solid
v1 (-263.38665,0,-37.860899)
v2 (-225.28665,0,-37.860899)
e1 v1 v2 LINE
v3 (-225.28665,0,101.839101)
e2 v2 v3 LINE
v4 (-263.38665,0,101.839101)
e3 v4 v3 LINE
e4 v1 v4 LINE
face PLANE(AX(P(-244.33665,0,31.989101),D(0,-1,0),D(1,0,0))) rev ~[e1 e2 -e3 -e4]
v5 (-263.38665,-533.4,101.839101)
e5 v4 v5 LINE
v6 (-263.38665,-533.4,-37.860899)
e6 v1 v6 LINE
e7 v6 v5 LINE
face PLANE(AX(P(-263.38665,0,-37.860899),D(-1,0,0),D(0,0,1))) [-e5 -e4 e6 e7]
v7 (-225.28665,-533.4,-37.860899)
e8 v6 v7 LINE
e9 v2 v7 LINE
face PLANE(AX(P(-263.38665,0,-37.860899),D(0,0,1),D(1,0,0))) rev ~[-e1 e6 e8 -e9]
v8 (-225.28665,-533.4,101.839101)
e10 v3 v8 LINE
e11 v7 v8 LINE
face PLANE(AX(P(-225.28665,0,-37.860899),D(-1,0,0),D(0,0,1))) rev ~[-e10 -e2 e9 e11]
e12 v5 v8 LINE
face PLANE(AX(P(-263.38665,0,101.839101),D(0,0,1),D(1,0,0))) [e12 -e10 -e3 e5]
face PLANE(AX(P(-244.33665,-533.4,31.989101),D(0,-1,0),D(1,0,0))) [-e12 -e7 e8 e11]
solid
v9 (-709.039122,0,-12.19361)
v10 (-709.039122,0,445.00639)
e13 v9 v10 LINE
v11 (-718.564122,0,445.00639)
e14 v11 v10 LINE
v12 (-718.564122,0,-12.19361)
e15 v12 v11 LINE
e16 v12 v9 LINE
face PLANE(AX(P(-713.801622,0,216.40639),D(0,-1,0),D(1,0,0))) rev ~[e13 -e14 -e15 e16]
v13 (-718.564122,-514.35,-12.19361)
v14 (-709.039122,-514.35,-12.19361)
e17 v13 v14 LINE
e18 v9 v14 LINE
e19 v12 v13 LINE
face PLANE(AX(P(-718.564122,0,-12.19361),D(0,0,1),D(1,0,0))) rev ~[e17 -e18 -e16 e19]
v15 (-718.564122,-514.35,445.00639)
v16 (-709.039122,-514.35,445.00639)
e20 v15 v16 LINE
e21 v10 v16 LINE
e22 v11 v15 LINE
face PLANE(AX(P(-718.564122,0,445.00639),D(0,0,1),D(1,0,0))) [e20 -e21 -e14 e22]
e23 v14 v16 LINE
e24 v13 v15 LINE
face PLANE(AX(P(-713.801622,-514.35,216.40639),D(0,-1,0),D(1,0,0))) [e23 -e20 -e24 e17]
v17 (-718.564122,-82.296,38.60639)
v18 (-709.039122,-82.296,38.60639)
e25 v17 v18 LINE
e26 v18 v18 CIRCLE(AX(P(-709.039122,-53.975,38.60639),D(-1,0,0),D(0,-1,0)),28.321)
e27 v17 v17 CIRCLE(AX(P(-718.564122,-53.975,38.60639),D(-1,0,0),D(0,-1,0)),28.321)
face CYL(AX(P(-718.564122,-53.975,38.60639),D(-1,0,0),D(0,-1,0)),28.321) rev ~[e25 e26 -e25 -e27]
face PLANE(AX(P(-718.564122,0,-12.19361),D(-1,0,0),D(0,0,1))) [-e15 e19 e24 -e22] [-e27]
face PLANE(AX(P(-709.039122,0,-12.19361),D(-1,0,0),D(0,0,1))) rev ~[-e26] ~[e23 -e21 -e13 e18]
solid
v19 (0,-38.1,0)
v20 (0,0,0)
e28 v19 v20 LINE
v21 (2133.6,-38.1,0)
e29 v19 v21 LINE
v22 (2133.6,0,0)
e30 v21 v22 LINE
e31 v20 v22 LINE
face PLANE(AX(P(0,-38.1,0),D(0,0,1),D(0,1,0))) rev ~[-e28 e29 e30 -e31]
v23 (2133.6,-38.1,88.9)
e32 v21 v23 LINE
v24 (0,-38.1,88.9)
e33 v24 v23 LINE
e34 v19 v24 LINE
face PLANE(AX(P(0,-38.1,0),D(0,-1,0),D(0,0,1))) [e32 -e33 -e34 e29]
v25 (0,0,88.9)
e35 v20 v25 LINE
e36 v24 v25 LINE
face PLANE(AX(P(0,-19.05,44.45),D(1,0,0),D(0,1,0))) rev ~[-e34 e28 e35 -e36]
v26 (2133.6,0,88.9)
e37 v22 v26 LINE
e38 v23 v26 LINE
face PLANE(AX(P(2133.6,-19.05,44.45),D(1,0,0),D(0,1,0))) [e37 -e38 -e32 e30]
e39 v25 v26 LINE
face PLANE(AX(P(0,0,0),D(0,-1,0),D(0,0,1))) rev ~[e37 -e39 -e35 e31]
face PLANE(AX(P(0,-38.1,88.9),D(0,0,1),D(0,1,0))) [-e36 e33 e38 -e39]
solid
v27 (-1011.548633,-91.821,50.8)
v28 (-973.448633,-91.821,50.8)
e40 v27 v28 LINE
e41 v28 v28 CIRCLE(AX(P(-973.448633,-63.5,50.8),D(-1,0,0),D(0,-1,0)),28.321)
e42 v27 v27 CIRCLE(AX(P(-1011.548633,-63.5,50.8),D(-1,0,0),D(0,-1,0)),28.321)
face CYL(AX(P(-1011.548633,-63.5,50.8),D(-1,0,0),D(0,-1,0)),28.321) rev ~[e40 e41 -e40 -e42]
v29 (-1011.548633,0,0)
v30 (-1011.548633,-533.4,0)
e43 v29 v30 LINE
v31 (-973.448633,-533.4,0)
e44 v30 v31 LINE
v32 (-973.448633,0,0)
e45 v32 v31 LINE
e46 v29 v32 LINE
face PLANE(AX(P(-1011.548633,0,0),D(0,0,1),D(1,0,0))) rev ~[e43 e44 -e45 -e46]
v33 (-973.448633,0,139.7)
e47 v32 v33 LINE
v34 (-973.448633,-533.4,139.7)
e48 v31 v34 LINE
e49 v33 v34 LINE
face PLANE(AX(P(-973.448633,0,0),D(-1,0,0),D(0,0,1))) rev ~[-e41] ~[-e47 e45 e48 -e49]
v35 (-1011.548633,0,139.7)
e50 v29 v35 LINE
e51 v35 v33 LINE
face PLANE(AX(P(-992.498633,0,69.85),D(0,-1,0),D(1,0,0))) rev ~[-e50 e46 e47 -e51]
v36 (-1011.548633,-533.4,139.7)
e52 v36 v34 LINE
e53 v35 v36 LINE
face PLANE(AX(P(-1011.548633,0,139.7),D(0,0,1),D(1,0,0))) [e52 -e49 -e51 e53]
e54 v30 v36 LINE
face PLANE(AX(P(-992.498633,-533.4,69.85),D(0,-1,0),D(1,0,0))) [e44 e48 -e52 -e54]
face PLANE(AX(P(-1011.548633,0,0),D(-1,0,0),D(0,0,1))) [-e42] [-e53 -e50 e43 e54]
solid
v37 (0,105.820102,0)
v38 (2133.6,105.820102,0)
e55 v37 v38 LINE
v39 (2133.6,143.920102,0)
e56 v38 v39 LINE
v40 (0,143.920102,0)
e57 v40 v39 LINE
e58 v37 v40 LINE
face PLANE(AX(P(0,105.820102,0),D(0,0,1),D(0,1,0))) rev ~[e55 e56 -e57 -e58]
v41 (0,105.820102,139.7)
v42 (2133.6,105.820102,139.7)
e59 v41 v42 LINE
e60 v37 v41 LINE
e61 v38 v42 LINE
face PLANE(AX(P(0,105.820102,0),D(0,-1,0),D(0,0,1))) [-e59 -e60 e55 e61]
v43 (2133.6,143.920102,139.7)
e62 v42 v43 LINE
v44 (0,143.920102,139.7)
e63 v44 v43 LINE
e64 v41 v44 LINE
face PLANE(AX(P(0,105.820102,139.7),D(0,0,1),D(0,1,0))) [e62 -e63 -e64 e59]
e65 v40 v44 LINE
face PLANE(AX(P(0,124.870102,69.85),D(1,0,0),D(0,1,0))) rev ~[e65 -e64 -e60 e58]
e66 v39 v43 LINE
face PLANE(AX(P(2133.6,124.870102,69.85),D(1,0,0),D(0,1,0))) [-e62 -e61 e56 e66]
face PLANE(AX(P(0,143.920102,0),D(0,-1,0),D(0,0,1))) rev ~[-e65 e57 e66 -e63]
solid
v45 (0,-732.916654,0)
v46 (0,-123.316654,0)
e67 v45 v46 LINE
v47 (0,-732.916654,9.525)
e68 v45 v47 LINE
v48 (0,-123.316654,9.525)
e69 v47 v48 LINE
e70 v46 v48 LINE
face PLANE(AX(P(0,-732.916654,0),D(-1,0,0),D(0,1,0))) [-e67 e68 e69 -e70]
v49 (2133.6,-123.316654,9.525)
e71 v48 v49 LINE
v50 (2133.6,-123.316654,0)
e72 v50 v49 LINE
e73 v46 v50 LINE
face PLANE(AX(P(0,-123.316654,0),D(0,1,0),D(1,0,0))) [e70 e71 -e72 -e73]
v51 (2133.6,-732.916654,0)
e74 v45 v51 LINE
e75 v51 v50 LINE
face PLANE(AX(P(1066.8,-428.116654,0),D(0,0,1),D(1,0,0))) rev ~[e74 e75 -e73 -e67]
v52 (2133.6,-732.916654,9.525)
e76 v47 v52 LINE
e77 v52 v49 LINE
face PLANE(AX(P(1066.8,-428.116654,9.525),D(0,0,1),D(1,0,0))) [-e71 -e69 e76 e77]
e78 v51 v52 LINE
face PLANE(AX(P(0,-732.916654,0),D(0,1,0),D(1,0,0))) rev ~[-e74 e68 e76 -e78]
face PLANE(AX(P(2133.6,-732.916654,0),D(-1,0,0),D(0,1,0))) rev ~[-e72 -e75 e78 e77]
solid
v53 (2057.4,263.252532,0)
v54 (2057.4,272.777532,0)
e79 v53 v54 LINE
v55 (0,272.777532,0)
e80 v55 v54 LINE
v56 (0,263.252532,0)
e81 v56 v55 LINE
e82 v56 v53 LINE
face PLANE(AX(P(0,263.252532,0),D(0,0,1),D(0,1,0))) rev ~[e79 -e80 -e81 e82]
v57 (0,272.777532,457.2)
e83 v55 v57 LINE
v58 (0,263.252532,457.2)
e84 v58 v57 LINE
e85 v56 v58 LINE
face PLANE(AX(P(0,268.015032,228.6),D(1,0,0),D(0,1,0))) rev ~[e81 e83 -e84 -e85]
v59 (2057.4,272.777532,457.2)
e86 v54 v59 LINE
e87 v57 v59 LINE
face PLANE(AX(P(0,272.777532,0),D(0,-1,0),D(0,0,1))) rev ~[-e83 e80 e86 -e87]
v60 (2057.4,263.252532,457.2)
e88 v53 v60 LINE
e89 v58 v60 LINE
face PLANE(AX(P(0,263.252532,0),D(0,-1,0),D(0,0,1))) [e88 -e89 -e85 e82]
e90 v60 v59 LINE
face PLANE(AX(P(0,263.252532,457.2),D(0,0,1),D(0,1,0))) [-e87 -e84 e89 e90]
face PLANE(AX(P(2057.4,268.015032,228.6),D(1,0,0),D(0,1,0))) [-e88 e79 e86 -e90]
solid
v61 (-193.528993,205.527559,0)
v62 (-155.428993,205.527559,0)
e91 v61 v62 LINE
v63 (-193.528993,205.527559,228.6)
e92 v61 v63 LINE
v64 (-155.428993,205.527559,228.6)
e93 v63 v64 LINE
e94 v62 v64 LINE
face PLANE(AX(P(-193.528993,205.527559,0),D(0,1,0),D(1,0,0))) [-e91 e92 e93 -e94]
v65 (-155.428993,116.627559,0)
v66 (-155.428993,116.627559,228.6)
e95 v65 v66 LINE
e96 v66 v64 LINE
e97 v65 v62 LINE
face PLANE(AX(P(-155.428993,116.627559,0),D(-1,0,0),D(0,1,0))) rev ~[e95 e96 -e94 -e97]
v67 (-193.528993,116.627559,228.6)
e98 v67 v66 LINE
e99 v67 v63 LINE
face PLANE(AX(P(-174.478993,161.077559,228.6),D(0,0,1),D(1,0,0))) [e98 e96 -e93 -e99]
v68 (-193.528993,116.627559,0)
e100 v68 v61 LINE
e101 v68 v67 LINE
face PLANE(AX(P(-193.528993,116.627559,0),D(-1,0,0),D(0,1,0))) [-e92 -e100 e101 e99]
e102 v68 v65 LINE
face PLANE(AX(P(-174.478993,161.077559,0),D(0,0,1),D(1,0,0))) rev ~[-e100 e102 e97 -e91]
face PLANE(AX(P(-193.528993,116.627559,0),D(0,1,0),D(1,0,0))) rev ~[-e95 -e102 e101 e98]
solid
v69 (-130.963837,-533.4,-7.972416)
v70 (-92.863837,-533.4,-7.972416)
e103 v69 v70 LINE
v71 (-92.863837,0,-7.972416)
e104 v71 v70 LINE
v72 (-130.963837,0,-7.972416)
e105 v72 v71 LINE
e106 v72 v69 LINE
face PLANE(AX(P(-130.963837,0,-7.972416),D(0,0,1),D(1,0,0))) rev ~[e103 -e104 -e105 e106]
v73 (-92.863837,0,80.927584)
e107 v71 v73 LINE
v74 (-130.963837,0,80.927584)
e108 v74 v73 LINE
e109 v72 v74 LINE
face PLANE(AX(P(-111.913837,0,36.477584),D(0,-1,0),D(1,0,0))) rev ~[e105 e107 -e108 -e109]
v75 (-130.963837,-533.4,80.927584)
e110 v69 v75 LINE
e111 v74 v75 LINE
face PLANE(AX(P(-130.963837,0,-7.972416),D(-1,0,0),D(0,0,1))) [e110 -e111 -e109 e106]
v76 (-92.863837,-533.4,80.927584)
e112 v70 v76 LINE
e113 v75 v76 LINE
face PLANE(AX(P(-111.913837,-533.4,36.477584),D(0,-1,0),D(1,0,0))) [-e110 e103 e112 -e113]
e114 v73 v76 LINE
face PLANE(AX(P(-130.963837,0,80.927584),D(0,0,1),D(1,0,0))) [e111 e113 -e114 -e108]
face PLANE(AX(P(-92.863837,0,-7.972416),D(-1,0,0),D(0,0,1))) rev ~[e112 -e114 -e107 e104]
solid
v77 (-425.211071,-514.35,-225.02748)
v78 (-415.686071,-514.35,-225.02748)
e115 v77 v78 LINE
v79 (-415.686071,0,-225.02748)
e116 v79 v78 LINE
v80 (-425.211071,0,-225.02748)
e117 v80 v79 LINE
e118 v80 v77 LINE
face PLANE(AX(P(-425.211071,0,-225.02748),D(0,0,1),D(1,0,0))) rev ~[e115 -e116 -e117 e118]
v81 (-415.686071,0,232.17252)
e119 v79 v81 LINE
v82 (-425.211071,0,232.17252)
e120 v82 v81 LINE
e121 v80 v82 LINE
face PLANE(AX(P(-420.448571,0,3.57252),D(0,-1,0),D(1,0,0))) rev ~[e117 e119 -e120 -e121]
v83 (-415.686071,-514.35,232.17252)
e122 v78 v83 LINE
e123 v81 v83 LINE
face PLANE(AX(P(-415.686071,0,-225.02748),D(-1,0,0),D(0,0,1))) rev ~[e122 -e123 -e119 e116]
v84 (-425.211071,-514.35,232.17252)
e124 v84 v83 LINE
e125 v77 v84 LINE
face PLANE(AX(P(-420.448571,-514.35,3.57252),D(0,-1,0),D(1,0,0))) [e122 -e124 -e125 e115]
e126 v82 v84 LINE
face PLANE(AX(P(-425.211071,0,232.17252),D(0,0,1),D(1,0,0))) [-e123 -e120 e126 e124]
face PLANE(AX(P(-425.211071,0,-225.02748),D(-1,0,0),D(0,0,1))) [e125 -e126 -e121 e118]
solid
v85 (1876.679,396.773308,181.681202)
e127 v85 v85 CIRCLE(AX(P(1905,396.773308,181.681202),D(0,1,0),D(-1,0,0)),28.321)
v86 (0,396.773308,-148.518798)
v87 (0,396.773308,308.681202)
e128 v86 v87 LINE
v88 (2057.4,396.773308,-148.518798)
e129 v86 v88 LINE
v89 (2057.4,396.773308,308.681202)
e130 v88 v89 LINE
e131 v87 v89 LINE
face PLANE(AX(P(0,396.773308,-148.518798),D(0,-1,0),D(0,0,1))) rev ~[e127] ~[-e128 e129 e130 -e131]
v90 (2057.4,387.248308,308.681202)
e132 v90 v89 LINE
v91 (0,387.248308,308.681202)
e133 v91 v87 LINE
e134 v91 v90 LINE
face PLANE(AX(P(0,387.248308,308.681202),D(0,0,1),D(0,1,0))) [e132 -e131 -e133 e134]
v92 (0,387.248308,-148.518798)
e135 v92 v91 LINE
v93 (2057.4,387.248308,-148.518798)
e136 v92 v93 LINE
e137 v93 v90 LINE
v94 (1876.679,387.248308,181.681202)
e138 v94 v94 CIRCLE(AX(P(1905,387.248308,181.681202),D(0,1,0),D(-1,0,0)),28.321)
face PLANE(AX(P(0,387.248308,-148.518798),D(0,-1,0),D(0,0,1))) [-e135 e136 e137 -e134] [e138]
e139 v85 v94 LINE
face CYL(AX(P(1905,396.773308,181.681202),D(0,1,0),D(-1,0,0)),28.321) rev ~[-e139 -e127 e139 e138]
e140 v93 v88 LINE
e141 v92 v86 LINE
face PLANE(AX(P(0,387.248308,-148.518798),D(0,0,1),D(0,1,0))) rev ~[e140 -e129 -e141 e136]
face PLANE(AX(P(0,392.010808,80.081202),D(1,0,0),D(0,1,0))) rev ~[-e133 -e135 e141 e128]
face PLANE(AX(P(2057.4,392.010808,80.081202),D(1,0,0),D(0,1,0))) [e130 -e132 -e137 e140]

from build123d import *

# Parameters (mm, degrees)
F0_W      = 38.1
F0_H      = 88.9
F1_DEPTH  = 2133.6
F2_W      = 38.1
F2_H      = 88.9
F3_DEPTH  = 533.4
F4_W      = 38.1
F4_H      = 139.7
F5_DEPTH  = 2133.6
F6_W      = 38.1
F6_H      = 139.7
F7_DEPTH  = 533.4
F8_W      = 38.1
F8_H      = 88.9
F9_DEPTH  = 228.6
F10_W     = 2133.6
F10_H     = 609.6
F11_DEPTH = 9.525
F12_W     = 9.525
F12_H     = 457.2
F13_DEPTH = 2057.4
F14_W     = 9.525
F14_H     = 457.2
F15_DEPTH = 2057.4
F16_W     = 9.525
F16_H     = 457.2
F17_DEPTH = 514.35
F18_W     = 9.525
F18_H     = 457.2
F19_DEPTH = 514.35
F20_W     = 38.1
F20_H     = 139.7
F21_DEPTH = 533.4
F22_R     = 28.321
F23_DEPTH = 38.1
F24_R     = 28.321
F25_DEPTH = 9.525
F26_R     = 28.321
F27_DEPTH = 25.4


with BuildPart() as f1:
    # F0 (on Right) → F1 (new body)
    with BuildSketch(Plane.YZ):
        with Locations((-19.05, 44.45)):
            Rectangle(F0_W, F0_H)
    extrude(amount=F1_DEPTH)


with BuildPart() as f3:
    # F2 (on Front) → F3 (new body)
    with BuildSketch(Plane.XZ):
        with Locations((-111.913837, 36.477584)):
            Rectangle(F2_W, F2_H)
    extrude(amount=F3_DEPTH)


with BuildPart() as f5:
    # F4 (on Right) → F5 (new body)
    with BuildSketch(Plane.YZ):
        with Locations((124.870102, 69.85)):
            Rectangle(F4_W, F4_H)
    extrude(amount=F5_DEPTH)


with BuildPart() as f7:
    # F6 (on Front) → F7 (new body)
    with BuildSketch(Plane.XZ):
        with Locations((-244.33665, 31.989101)):
            Rectangle(F6_W, F6_H)
    extrude(amount=F7_DEPTH)


with BuildPart() as f9:
    # F8 (on Top) → F9 (new body)
    with BuildSketch(Plane.XY):
        with Locations((-174.478993, 161.077559)):
            Rectangle(F8_W, F8_H)
    extrude(amount=F9_DEPTH)


with BuildPart() as f11:
    # F10 (on Top) → F11 (new body)
    with BuildSketch(Plane.XY):
        with Locations((1066.8, -428.116654)):
            Rectangle(F10_W, F10_H)
    extrude(amount=F11_DEPTH)


with BuildPart() as f13:
    # F12 (on Right) → F13 (new body)
    with BuildSketch(Plane.YZ):
        with Locations((268.015032, 228.6)):
            Rectangle(F12_W, F12_H)
    extrude(amount=F13_DEPTH)


with BuildPart() as f15:
    # F14 (on Right) → F15 (new body)
    with BuildSketch(Plane.YZ):
        with Locations((392.010808, 80.081202)):
            Rectangle(F14_W, F14_H)
    extrude(amount=F15_DEPTH)

    # F26 (on face) → F27 (cut)
    with BuildSketch(Plane(origin=(0, 396.773308, 0), x_dir=(-1, 0, 0), z_dir=(0, 1, 0))):
        with Locations((-1905, 181.681202)):
            Circle(F26_R)
    extrude(amount=-F27_DEPTH, mode=Mode.SUBTRACT)


with BuildPart() as f17:
    # F16 (on Front) → F17 (new body)
    with BuildSketch(Plane.XZ):
        with Locations((-420.448571, 3.57252)):
            Rectangle(F16_W, F16_H)
    extrude(amount=F17_DEPTH)


with BuildPart() as f19:
    # F18 (on Front) → F19 (new body)
    with BuildSketch(Plane.XZ):
        with Locations((-713.801622, 216.40639)):
            Rectangle(F18_W, F18_H)
    extrude(amount=F19_DEPTH)

    # F24 (on face) → F25 (cut)
    with BuildSketch(Plane(origin=(-718.564122, 0, 0), x_dir=(0, -1, 0), z_dir=(-1, 0, 0))):
        with Locations((53.975, 38.60639)):
            Circle(F24_R)
    extrude(amount=-F25_DEPTH, mode=Mode.SUBTRACT)


with BuildPart() as f21:
    # F20 (on Front) → F21 (new body)
    with BuildSketch(Plane.XZ):
        with Locations((-992.498633, 69.85)):
            Rectangle(F20_W, F20_H)
    extrude(amount=F21_DEPTH)

    # F22 (on face) → F23 (cut)
    with BuildSketch(Plane(origin=(-1011.548633, 0, 0), x_dir=(0, -1, 0), z_dir=(-1, 0, 0))):
        with Locations((63.5, 50.8)):
            Circle(F22_R)
    extrude(amount=-F23_DEPTH, mode=Mode.SUBTRACT)


solid = Compound([f1.part, f3.part, f5.part, f7.part, f9.part, f11.part, f13.part, f15.part, f17.part, f19.part, f21.part])
